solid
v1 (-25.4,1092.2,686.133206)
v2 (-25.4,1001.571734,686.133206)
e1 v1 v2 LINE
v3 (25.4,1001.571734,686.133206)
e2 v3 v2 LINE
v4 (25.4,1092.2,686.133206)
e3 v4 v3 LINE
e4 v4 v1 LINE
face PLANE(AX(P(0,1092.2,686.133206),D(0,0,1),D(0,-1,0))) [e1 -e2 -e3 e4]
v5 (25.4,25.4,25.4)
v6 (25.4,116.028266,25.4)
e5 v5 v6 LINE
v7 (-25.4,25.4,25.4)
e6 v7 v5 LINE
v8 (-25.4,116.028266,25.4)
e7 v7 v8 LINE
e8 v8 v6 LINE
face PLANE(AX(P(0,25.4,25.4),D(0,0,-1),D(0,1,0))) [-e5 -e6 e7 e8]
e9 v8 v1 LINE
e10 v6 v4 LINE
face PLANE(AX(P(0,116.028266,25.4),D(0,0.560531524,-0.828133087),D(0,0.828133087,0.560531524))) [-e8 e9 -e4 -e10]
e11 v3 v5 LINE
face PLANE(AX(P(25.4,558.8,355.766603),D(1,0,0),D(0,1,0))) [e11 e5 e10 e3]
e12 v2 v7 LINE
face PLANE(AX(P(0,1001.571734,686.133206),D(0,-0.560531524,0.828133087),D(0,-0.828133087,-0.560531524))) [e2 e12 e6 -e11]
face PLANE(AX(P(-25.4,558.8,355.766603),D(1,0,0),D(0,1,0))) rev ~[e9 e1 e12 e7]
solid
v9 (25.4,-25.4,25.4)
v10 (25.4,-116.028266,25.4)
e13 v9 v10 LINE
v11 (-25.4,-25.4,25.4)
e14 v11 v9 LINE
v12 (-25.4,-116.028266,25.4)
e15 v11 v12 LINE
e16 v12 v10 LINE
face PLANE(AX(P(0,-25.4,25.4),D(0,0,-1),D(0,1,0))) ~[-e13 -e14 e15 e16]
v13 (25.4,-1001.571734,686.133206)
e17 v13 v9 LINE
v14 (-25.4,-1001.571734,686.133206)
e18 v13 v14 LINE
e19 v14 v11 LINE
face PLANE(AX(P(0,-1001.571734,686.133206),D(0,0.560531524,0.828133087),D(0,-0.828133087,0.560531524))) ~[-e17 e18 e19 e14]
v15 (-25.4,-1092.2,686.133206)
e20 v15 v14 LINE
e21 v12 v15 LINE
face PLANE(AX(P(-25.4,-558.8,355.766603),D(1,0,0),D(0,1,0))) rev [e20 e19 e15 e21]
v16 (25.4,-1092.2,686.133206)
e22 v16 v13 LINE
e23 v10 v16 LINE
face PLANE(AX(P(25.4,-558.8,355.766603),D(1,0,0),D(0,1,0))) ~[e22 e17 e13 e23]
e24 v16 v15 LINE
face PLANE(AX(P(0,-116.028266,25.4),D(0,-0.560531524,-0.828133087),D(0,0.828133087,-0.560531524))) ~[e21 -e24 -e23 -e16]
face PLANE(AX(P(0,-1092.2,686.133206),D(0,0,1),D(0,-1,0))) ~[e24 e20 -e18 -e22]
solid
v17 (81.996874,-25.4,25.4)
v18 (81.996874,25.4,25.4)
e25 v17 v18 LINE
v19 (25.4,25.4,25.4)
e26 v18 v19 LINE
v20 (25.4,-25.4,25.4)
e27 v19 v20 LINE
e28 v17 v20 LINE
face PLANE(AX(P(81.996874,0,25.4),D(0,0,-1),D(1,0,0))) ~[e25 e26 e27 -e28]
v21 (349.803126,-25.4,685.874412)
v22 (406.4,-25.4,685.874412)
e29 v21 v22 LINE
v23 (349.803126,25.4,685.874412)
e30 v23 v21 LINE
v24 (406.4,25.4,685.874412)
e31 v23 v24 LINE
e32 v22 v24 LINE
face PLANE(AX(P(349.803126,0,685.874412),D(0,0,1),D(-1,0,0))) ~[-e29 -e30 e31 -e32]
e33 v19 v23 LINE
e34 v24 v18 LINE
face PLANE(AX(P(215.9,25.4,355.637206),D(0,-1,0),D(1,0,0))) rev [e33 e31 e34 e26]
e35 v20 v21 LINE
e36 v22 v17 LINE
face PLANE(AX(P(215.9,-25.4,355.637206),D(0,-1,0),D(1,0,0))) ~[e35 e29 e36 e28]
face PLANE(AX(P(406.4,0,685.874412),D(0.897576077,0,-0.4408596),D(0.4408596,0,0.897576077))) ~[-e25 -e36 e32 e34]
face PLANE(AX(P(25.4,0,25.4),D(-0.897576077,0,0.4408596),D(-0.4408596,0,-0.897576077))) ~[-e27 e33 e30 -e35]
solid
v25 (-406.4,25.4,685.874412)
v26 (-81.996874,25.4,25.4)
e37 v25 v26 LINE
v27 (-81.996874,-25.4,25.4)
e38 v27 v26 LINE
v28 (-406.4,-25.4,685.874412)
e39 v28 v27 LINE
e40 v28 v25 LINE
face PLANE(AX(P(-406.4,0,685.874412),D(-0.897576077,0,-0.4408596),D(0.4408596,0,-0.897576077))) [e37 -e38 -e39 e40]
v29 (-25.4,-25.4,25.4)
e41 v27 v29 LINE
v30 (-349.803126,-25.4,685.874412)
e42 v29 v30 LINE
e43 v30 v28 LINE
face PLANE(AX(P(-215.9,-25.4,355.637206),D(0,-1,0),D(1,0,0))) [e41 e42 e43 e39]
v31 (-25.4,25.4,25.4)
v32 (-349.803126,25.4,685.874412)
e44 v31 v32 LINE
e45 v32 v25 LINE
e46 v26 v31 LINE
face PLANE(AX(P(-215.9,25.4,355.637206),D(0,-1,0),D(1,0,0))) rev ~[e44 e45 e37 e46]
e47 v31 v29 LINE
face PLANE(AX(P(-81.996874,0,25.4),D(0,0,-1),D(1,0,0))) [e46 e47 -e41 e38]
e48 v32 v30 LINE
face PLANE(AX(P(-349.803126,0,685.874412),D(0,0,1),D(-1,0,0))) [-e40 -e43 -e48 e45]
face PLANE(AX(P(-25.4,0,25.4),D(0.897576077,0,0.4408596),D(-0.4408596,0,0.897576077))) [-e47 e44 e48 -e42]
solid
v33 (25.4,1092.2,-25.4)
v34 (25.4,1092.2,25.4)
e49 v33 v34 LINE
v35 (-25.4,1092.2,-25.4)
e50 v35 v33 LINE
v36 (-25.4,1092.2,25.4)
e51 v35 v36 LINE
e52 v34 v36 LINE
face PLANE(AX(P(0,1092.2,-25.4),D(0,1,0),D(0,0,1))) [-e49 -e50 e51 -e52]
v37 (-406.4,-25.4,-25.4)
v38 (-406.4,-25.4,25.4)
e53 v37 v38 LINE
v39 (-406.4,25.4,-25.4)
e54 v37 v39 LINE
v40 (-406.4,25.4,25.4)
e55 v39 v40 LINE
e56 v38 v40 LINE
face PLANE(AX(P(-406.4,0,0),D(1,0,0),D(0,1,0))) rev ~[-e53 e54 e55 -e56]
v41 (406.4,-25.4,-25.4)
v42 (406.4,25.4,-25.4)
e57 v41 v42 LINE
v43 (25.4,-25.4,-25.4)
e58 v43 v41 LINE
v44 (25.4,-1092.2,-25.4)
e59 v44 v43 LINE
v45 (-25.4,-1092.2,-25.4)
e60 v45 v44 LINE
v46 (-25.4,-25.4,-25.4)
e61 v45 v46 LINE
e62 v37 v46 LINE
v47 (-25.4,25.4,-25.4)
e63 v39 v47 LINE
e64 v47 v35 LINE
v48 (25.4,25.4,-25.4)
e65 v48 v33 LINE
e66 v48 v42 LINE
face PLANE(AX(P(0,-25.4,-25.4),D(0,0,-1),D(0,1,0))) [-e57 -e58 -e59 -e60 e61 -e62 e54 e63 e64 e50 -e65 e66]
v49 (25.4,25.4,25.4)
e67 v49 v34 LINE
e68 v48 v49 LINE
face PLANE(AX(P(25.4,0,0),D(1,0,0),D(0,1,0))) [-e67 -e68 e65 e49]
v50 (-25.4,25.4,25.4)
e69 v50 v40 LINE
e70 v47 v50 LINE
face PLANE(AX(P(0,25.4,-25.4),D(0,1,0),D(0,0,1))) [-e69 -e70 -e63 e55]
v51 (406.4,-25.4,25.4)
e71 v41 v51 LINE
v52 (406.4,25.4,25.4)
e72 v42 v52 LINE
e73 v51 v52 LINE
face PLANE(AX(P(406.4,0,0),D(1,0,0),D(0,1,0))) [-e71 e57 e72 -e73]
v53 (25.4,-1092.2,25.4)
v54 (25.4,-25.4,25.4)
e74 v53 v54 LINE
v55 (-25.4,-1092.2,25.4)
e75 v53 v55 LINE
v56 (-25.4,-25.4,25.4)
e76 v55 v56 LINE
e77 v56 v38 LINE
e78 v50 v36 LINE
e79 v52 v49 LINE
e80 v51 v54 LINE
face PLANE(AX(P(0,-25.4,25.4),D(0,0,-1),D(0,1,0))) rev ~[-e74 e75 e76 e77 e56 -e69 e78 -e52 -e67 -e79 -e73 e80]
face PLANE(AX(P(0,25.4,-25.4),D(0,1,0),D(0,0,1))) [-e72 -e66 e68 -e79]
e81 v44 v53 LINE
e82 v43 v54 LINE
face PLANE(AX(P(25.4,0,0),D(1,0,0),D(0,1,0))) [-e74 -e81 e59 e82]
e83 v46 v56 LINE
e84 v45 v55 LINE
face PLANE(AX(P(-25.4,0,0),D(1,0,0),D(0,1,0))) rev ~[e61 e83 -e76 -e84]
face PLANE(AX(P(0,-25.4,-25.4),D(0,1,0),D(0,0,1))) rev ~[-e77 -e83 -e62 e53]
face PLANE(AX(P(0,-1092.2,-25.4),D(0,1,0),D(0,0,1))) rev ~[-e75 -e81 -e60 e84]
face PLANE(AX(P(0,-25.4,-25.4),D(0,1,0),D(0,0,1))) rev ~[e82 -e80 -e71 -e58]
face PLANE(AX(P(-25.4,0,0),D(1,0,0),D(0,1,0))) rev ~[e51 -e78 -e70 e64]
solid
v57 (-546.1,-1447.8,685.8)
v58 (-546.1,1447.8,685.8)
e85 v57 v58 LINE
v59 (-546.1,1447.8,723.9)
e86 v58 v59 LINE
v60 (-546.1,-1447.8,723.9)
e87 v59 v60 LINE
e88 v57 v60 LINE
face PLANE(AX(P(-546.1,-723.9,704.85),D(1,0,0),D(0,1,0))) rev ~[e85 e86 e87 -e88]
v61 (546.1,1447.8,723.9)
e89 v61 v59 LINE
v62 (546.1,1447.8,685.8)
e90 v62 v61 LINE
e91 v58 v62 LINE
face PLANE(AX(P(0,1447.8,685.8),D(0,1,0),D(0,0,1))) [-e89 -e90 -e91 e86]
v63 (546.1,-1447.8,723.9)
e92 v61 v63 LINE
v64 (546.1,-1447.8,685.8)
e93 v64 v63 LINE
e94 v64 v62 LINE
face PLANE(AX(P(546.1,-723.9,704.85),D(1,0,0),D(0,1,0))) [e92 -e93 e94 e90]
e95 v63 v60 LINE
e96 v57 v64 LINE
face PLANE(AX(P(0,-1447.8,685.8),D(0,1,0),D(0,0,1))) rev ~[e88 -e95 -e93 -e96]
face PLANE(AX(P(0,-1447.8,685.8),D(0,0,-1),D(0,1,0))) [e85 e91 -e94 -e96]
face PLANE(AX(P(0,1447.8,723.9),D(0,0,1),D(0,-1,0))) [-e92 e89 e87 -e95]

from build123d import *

# Parameters (mm, degrees)
F0_W      = 2184.4
F0_H      = 50.8
F1_DEPTH  = 25.4
F2_W      = 50.8
F2_H      = 50.8
F3_DEPTH  = 406.4
F4_W      = 1447.8
F4_H      = 38.1
F5_DEPTH  = 546.1
F7_DEPTH  = 25.4
F10_DEPTH = 25.4


with BuildPart() as f1:
    # F0 (on Right) → F1 (new body, symmetric)
    with BuildSketch(Plane.YZ):
        Rectangle(F0_W, F0_H)
    extrude(amount=F1_DEPTH, both=True)

    # F2 (on Right) → F3 (join, symmetric)
    with BuildSketch(Plane.YZ):
        Rectangle(F2_W, F2_H)
    extrude(amount=F3_DEPTH, both=True)


with BuildPart() as f5:
    # F4 (on Right) → F5 (new body, symmetric)
    with BuildSketch(Plane.YZ):
        with Locations((-723.9, 704.85)):
            Rectangle(F4_W, F4_H)
        with Locations((723.9, 704.85)):
            Rectangle(F4_W, F4_H)
    extrude(amount=F5_DEPTH, both=True)


with BuildPart() as f7:
    # F6 (on Right) → F7 (new body, symmetric)
    with BuildSketch(Plane.YZ):
        Polygon((1001.571734, 686.133206), (25.4, 25.4), (116.028266, 25.4), (1092.2, 686.133206), align=None)
    extrude(amount=F7_DEPTH, both=True)


with BuildPart() as f8_1:
    # F8: instance of F7
    add(f7.part.mirror(Plane.XZ))


with BuildPart() as f10:
    # F9 (on Front) → F10 (new body, symmetric)
    with BuildSketch(Plane.XZ):
        Polygon((-81.996874, 25.4), (-25.4, 25.4), (-349.803126, 685.874412), (-406.4, 685.874412), align=None)
    extrude(amount=F10_DEPTH, both=True)


with BuildPart() as f11_1:
    # F11: instance of F10
    add(f10.part.mirror(Plane.YZ))


solid = Compound([f1.part, f5.part, f7.part, f8_1.part, f10.part, f11_1.part])
